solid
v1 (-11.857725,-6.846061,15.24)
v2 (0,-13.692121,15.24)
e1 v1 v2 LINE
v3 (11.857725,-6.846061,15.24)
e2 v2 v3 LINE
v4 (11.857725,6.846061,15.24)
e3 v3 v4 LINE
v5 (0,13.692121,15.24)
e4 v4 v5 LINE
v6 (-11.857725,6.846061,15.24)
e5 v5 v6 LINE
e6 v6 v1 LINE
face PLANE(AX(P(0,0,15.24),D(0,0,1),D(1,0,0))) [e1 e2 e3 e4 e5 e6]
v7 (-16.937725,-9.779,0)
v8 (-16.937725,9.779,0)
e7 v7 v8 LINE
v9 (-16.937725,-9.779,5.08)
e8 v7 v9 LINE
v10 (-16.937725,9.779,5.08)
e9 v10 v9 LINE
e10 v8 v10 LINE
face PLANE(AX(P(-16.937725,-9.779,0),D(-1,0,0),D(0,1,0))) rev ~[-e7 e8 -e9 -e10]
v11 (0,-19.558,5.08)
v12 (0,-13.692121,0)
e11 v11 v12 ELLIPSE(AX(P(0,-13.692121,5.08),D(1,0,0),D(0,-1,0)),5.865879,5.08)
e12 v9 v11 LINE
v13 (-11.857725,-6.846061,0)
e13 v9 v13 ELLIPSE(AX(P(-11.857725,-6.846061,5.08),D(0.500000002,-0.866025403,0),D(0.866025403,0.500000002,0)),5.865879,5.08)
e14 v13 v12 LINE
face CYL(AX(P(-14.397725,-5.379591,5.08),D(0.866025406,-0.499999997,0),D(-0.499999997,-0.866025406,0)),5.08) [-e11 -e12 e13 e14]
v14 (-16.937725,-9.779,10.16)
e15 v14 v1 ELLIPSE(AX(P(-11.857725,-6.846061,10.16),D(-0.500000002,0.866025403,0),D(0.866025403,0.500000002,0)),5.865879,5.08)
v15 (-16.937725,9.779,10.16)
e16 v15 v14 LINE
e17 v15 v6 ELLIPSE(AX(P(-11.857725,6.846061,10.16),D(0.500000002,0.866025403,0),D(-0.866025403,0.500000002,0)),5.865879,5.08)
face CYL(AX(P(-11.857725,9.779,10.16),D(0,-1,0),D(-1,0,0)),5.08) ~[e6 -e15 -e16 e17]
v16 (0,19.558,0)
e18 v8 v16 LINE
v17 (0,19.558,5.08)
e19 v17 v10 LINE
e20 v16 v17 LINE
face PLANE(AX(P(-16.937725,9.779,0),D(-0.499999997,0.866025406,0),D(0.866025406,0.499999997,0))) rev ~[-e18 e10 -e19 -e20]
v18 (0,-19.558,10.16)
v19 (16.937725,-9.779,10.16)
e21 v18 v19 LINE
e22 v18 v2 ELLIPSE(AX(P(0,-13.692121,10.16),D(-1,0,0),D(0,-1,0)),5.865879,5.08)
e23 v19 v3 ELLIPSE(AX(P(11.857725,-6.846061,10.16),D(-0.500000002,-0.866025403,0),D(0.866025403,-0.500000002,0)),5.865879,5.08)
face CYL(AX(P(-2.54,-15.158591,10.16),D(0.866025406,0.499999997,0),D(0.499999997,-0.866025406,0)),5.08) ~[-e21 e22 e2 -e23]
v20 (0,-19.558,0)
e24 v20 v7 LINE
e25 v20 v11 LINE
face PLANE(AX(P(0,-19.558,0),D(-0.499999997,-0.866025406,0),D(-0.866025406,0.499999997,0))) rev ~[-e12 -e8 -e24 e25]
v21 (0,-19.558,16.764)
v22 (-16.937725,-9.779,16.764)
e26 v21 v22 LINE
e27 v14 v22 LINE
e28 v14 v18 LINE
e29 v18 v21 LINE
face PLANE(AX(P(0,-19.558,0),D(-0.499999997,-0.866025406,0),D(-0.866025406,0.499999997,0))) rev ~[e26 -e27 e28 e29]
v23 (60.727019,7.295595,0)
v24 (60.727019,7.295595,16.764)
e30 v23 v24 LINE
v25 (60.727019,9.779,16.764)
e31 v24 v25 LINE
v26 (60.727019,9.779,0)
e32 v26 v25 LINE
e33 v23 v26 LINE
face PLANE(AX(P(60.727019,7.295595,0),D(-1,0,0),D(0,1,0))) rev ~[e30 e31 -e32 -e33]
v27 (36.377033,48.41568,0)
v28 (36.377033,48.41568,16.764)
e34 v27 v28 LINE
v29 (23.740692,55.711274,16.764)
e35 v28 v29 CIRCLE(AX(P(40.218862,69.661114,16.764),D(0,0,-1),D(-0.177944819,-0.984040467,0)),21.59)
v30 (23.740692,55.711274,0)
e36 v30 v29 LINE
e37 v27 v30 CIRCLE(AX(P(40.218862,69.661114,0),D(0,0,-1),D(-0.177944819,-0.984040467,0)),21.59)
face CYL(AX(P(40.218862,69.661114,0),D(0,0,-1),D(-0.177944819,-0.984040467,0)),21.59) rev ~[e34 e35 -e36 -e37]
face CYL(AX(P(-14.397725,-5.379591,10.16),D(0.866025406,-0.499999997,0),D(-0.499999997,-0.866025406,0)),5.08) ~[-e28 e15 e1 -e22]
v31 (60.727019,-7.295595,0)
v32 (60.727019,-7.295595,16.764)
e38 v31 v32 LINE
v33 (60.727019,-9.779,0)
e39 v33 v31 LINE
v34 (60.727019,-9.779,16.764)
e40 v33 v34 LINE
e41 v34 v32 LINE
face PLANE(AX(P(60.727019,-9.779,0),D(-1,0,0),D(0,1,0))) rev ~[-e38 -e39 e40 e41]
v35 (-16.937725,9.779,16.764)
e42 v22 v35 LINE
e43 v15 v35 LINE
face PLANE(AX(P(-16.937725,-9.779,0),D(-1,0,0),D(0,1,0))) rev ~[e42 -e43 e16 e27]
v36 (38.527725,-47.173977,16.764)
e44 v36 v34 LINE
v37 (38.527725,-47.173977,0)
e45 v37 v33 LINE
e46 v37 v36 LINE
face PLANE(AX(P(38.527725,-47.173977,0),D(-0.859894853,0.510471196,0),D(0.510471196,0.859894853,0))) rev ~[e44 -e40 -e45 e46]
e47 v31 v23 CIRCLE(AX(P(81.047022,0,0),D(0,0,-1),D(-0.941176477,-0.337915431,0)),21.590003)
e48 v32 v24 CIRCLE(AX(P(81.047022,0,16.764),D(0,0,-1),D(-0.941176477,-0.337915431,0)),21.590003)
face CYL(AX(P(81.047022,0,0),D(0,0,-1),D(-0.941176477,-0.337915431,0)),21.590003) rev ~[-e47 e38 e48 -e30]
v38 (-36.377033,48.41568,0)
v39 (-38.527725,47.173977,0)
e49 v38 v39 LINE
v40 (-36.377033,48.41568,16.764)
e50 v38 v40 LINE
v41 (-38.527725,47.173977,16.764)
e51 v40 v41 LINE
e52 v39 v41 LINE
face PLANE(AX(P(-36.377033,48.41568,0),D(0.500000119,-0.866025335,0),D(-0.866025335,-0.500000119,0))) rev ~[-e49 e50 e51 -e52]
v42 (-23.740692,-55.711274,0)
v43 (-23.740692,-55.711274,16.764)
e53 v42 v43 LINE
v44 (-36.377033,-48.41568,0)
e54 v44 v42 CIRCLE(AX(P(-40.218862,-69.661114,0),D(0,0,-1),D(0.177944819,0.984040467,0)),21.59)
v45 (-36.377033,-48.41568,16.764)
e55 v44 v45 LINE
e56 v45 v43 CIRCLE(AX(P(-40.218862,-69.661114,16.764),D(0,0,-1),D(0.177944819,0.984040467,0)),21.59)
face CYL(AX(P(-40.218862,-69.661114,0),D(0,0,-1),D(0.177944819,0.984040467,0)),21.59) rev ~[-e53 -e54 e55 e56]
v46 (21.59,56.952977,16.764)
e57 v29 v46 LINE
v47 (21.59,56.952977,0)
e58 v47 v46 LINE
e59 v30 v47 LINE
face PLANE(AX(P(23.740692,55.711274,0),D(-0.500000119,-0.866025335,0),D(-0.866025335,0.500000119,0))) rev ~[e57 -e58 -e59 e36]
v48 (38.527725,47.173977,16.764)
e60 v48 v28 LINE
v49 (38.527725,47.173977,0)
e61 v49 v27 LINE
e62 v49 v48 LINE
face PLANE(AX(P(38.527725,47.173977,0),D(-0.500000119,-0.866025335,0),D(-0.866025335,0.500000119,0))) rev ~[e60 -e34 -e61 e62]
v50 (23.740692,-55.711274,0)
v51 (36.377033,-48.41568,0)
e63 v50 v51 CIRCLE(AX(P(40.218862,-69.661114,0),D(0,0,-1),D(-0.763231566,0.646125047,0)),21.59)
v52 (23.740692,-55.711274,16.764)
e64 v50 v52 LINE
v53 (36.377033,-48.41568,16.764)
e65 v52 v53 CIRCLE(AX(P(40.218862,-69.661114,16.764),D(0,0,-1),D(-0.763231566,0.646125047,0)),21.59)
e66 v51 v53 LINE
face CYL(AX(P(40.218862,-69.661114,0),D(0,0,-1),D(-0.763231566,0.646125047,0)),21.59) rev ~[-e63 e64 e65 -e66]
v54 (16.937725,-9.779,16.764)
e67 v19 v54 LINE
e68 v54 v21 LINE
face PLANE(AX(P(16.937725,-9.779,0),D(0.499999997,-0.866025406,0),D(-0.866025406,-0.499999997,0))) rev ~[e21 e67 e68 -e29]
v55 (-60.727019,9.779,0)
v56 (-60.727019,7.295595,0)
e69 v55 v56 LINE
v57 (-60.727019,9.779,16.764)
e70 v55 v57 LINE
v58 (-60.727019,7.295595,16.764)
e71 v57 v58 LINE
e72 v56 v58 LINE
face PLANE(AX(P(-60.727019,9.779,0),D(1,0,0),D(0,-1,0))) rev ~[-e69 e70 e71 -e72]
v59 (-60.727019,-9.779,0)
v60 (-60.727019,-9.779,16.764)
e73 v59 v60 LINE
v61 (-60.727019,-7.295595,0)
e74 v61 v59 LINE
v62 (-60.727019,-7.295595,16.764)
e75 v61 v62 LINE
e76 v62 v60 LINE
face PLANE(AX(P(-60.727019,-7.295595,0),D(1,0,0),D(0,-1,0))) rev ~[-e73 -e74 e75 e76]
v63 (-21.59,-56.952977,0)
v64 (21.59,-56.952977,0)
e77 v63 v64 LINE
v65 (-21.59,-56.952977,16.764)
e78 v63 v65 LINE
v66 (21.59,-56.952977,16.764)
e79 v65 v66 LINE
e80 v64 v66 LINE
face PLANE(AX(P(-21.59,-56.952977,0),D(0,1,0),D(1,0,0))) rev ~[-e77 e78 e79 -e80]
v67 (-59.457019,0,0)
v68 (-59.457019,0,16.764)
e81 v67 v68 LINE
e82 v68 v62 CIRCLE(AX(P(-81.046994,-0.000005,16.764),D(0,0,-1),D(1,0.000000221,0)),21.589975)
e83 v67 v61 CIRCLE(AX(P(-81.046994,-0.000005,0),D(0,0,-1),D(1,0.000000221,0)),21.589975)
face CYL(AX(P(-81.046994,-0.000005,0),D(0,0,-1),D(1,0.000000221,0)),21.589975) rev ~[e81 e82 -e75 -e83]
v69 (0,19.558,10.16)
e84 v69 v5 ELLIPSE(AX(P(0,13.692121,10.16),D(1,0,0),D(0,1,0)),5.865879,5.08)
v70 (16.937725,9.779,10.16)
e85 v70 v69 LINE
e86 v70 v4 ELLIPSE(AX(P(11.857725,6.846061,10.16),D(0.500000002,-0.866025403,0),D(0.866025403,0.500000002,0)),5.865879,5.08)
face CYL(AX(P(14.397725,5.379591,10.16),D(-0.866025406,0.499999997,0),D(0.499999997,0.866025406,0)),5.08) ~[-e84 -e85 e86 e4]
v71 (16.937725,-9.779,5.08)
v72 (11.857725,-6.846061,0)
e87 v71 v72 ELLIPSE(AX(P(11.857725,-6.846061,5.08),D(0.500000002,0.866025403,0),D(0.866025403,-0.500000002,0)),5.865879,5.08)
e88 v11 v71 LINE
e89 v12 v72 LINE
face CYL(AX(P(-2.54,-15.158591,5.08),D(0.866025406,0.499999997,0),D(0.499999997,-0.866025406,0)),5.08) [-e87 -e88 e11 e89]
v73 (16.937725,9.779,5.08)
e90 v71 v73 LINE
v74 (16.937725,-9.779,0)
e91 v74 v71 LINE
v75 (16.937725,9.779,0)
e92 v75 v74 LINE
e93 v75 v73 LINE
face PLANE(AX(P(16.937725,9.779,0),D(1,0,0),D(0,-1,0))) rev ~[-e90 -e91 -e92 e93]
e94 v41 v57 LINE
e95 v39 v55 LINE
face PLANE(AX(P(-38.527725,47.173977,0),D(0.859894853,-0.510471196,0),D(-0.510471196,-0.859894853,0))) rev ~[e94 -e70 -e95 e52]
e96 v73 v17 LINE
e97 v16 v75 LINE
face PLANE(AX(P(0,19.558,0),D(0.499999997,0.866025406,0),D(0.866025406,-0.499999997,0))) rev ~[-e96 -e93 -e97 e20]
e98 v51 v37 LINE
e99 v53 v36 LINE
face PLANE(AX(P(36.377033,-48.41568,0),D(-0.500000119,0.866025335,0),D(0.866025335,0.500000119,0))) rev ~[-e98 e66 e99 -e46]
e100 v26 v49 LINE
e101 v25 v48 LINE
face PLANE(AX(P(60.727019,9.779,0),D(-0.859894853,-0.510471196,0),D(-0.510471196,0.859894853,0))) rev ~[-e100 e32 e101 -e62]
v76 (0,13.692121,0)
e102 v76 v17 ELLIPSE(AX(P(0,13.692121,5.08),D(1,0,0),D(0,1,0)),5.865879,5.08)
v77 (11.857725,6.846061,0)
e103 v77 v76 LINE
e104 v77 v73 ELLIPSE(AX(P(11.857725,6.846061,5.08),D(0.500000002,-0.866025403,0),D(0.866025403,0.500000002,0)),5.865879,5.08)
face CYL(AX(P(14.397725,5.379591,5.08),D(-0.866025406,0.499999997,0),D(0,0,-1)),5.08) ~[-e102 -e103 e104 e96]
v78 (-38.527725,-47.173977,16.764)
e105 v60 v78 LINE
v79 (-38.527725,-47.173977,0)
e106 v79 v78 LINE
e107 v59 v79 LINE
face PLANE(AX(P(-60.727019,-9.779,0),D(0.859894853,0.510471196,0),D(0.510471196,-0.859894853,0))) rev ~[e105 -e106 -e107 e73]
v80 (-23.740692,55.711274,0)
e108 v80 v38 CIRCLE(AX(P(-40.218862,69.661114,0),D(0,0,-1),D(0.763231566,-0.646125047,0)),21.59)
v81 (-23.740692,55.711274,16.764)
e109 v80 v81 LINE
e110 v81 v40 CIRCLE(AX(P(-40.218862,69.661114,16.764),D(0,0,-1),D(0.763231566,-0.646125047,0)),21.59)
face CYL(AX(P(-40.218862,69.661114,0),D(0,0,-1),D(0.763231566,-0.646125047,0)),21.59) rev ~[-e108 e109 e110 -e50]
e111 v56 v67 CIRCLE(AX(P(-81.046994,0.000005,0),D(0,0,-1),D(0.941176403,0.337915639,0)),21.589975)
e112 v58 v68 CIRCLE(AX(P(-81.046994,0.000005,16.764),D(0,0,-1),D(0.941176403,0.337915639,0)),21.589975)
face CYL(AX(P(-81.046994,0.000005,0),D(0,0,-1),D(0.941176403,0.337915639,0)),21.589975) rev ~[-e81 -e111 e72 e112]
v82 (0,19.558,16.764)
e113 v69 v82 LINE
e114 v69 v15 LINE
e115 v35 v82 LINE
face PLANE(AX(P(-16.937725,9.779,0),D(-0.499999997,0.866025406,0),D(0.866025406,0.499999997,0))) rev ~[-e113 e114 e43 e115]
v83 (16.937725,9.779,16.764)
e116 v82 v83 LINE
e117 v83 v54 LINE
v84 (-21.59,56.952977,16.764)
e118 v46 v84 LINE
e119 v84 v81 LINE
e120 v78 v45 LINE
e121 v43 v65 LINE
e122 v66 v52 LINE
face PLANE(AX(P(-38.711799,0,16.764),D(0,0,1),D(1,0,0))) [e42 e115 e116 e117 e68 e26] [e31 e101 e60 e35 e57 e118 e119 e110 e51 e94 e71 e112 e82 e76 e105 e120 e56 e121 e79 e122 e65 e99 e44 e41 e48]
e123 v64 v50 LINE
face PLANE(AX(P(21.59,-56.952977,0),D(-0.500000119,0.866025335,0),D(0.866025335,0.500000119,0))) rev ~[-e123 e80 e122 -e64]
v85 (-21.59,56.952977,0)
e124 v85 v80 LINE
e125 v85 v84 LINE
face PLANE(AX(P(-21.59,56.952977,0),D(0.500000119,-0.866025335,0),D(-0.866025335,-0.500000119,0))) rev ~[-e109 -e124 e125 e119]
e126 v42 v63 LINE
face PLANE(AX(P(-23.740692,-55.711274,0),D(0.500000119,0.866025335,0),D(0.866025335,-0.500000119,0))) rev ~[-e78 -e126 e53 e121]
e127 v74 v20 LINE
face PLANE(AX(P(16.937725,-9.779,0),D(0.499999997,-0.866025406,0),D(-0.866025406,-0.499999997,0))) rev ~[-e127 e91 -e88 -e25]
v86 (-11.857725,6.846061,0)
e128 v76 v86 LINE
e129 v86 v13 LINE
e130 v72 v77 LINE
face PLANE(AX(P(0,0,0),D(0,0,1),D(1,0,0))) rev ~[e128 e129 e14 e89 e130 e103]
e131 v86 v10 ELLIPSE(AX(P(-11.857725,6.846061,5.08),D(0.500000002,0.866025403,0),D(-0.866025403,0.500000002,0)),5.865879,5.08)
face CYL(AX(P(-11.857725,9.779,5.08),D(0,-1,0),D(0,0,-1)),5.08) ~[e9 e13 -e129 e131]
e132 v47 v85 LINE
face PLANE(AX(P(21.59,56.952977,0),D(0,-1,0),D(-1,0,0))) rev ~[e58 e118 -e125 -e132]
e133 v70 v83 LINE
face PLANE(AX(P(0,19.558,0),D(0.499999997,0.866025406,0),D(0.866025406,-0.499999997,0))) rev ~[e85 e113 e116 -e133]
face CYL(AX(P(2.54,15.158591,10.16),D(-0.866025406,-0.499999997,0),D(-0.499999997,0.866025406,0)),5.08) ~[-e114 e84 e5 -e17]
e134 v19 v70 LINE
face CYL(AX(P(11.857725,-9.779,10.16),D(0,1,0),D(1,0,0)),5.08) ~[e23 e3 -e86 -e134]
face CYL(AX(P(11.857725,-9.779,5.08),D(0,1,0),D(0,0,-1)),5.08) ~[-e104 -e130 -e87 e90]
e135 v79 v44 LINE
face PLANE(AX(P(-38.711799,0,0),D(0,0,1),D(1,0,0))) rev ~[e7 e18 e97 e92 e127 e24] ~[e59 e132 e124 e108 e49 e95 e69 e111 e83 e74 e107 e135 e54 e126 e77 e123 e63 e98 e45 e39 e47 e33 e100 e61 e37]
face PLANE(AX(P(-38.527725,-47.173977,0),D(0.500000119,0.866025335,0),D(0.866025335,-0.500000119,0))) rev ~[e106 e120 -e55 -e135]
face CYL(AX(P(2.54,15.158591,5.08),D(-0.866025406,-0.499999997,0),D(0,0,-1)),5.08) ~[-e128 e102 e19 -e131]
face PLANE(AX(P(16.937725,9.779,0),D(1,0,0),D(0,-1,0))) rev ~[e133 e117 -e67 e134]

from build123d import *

# Parameters (mm, degrees)
F1_DEPTH = 15.24
F2_R     = 5.08
F3_R     = 5.08
F4_DEPTH = 16.764


with BuildPart() as f1:
    # F0 (on Top) → F1 (new body)
    with BuildSketch(Plane.XY):
        Polygon((0, -19.558), (16.937725, -9.779), (16.937725, 9.779), (0, 19.558), (-16.937725, 9.779), (-16.937725, -9.779), align=None)
    extrude(amount=F1_DEPTH)

    # F2
    f2_edges = [f1.edges().sort_by_distance(p)[0] for p in [
        (-8.468862, -14.6685, 15.24),
        (8.468862, -14.6685, 15.24),
        (16.937725, 0, 15.24),
        (8.468862, 14.6685, 15.24),
        (-8.468862, 14.6685, 15.24),
        (-16.937725, 0, 15.24),
    ]]
    fillet(f2_edges, radius=F2_R)

    # F3
    f3_edges = [f1.edges().sort_by_distance(p)[0] for p in [
        (-8.468862, -14.6685, 0),
        (8.468862, -14.6685, 0),
        (16.937725, 0, 0),
        (8.468862, 14.6685, 0),
        (-8.468862, 14.6685, 0),
        (-16.937725, 0, 0),
    ]]
    fillet(f3_edges, radius=F3_R)

    # F0 (on Top) → F4 (join)
    with BuildSketch(Plane.XY):
        with BuildLine():
            Line((-38.527725, -47.173977), (-16.937725, -9.779))
            Line((-16.937725, -9.779), (-16.937725, 9.779))
            Line((-16.937725, 9.779), (-38.527725, 47.173977))
            Line((-38.527725, 47.173977), (-60.727019, 9.779))
            Line((-60.727019, 9.779), (-60.727019, 7.295595))
            ThreePointArc((-60.727019, 7.295595), (-59.776888, 3.702654), (-59.457019, 0))
            ThreePointArc((-59.457019, 0), (-59.776888, -3.702654), (-60.727019, -7.295595))
            Line((-60.727019, -7.295595), (-60.727019, -9.779))
            Line((-60.727019, -9.779), (-38.527725, -47.173977))
        make_face()
        with BuildLine():
            Line((-16.937725, 9.779), (0, 19.558))
            Line((0, 19.558), (-21.59, 56.952977))
            Line((-21.59, 56.952977), (-23.740692, 55.711274))
            ThreePointArc((-23.740692, 55.711274), (-29.423862, 50.963625), (-36.377033, 48.41568))
            Line((-36.377033, 48.41568), (-38.527725, 47.173977))
            Line((-38.527725, 47.173977), (-16.937725, 9.779))
        make_face()
        Polygon((-21.59, 56.952977), (0, 19.558), (21.59, 56.952977), align=None)
        Polygon((16.937725, 9.779), (16.937725, -9.779), (38.527725, -47.173977), (60.727019, -9.779), (17.55615, -9.779), (17.55615, 9.779), (60.727019, 9.779), (38.527725, 47.173977), align=None)
        with BuildLine():
            Line((0, 19.558), (16.937725, 9.779))
            Line((16.937725, 9.779), (38.527725, 47.173977))
            Line((38.527725, 47.173977), (36.377033, 48.41568))
            ThreePointArc((36.377033, 48.41568), (29.423862, 50.963625), (23.740692, 55.711274))
            Line((23.740692, 55.711274), (21.59, 56.952977))
            Line((21.59, 56.952977), (0, 19.558))
        make_face()
        with BuildLine():
            Line((17.55615, -9.779), (60.727019, -9.779))
            Line((60.727019, -9.779), (60.727019, -7.295595))
            ThreePointArc((60.727019, -7.295595), (59.457019, 0), (60.727019, 7.295595))
            Line((60.727019, 7.295595), (60.727019, 9.779))
            Line((60.727019, 9.779), (17.55615, 9.779))
            Line((17.55615, 9.779), (17.55615, -9.779))
        make_face()
        with BuildLine():
            Line((38.527725, -47.173977), (16.937725, -9.779))
            Line((16.937725, -9.779), (0, -19.558))
            Line((0, -19.558), (21.59, -56.952977))
            Line((21.59, -56.952977), (23.740692, -55.711274))
            ThreePointArc((23.740692, -55.711274), (29.423862, -50.963625), (36.377033, -48.41568))
            Line((36.377033, -48.41568), (38.527725, -47.173977))
        make_face()
        Polygon((21.59, -56.952977), (0, -19.558), (-21.59, -56.952977), align=None)
        with BuildLine():
            Line((-21.59, -56.952977), (0, -19.558))
            Line((0, -19.558), (-16.937725, -9.779))
            Line((-16.937725, -9.779), (-38.527725, -47.173977))
            Line((-38.527725, -47.173977), (-36.377033, -48.41568))
            ThreePointArc((-36.377033, -48.41568), (-29.423862, -50.963625), (-23.740692, -55.711274))
            Line((-23.740692, -55.711274), (-21.59, -56.952977))
        make_face()
    extrude(amount=F4_DEPTH)


solid = f1.part
